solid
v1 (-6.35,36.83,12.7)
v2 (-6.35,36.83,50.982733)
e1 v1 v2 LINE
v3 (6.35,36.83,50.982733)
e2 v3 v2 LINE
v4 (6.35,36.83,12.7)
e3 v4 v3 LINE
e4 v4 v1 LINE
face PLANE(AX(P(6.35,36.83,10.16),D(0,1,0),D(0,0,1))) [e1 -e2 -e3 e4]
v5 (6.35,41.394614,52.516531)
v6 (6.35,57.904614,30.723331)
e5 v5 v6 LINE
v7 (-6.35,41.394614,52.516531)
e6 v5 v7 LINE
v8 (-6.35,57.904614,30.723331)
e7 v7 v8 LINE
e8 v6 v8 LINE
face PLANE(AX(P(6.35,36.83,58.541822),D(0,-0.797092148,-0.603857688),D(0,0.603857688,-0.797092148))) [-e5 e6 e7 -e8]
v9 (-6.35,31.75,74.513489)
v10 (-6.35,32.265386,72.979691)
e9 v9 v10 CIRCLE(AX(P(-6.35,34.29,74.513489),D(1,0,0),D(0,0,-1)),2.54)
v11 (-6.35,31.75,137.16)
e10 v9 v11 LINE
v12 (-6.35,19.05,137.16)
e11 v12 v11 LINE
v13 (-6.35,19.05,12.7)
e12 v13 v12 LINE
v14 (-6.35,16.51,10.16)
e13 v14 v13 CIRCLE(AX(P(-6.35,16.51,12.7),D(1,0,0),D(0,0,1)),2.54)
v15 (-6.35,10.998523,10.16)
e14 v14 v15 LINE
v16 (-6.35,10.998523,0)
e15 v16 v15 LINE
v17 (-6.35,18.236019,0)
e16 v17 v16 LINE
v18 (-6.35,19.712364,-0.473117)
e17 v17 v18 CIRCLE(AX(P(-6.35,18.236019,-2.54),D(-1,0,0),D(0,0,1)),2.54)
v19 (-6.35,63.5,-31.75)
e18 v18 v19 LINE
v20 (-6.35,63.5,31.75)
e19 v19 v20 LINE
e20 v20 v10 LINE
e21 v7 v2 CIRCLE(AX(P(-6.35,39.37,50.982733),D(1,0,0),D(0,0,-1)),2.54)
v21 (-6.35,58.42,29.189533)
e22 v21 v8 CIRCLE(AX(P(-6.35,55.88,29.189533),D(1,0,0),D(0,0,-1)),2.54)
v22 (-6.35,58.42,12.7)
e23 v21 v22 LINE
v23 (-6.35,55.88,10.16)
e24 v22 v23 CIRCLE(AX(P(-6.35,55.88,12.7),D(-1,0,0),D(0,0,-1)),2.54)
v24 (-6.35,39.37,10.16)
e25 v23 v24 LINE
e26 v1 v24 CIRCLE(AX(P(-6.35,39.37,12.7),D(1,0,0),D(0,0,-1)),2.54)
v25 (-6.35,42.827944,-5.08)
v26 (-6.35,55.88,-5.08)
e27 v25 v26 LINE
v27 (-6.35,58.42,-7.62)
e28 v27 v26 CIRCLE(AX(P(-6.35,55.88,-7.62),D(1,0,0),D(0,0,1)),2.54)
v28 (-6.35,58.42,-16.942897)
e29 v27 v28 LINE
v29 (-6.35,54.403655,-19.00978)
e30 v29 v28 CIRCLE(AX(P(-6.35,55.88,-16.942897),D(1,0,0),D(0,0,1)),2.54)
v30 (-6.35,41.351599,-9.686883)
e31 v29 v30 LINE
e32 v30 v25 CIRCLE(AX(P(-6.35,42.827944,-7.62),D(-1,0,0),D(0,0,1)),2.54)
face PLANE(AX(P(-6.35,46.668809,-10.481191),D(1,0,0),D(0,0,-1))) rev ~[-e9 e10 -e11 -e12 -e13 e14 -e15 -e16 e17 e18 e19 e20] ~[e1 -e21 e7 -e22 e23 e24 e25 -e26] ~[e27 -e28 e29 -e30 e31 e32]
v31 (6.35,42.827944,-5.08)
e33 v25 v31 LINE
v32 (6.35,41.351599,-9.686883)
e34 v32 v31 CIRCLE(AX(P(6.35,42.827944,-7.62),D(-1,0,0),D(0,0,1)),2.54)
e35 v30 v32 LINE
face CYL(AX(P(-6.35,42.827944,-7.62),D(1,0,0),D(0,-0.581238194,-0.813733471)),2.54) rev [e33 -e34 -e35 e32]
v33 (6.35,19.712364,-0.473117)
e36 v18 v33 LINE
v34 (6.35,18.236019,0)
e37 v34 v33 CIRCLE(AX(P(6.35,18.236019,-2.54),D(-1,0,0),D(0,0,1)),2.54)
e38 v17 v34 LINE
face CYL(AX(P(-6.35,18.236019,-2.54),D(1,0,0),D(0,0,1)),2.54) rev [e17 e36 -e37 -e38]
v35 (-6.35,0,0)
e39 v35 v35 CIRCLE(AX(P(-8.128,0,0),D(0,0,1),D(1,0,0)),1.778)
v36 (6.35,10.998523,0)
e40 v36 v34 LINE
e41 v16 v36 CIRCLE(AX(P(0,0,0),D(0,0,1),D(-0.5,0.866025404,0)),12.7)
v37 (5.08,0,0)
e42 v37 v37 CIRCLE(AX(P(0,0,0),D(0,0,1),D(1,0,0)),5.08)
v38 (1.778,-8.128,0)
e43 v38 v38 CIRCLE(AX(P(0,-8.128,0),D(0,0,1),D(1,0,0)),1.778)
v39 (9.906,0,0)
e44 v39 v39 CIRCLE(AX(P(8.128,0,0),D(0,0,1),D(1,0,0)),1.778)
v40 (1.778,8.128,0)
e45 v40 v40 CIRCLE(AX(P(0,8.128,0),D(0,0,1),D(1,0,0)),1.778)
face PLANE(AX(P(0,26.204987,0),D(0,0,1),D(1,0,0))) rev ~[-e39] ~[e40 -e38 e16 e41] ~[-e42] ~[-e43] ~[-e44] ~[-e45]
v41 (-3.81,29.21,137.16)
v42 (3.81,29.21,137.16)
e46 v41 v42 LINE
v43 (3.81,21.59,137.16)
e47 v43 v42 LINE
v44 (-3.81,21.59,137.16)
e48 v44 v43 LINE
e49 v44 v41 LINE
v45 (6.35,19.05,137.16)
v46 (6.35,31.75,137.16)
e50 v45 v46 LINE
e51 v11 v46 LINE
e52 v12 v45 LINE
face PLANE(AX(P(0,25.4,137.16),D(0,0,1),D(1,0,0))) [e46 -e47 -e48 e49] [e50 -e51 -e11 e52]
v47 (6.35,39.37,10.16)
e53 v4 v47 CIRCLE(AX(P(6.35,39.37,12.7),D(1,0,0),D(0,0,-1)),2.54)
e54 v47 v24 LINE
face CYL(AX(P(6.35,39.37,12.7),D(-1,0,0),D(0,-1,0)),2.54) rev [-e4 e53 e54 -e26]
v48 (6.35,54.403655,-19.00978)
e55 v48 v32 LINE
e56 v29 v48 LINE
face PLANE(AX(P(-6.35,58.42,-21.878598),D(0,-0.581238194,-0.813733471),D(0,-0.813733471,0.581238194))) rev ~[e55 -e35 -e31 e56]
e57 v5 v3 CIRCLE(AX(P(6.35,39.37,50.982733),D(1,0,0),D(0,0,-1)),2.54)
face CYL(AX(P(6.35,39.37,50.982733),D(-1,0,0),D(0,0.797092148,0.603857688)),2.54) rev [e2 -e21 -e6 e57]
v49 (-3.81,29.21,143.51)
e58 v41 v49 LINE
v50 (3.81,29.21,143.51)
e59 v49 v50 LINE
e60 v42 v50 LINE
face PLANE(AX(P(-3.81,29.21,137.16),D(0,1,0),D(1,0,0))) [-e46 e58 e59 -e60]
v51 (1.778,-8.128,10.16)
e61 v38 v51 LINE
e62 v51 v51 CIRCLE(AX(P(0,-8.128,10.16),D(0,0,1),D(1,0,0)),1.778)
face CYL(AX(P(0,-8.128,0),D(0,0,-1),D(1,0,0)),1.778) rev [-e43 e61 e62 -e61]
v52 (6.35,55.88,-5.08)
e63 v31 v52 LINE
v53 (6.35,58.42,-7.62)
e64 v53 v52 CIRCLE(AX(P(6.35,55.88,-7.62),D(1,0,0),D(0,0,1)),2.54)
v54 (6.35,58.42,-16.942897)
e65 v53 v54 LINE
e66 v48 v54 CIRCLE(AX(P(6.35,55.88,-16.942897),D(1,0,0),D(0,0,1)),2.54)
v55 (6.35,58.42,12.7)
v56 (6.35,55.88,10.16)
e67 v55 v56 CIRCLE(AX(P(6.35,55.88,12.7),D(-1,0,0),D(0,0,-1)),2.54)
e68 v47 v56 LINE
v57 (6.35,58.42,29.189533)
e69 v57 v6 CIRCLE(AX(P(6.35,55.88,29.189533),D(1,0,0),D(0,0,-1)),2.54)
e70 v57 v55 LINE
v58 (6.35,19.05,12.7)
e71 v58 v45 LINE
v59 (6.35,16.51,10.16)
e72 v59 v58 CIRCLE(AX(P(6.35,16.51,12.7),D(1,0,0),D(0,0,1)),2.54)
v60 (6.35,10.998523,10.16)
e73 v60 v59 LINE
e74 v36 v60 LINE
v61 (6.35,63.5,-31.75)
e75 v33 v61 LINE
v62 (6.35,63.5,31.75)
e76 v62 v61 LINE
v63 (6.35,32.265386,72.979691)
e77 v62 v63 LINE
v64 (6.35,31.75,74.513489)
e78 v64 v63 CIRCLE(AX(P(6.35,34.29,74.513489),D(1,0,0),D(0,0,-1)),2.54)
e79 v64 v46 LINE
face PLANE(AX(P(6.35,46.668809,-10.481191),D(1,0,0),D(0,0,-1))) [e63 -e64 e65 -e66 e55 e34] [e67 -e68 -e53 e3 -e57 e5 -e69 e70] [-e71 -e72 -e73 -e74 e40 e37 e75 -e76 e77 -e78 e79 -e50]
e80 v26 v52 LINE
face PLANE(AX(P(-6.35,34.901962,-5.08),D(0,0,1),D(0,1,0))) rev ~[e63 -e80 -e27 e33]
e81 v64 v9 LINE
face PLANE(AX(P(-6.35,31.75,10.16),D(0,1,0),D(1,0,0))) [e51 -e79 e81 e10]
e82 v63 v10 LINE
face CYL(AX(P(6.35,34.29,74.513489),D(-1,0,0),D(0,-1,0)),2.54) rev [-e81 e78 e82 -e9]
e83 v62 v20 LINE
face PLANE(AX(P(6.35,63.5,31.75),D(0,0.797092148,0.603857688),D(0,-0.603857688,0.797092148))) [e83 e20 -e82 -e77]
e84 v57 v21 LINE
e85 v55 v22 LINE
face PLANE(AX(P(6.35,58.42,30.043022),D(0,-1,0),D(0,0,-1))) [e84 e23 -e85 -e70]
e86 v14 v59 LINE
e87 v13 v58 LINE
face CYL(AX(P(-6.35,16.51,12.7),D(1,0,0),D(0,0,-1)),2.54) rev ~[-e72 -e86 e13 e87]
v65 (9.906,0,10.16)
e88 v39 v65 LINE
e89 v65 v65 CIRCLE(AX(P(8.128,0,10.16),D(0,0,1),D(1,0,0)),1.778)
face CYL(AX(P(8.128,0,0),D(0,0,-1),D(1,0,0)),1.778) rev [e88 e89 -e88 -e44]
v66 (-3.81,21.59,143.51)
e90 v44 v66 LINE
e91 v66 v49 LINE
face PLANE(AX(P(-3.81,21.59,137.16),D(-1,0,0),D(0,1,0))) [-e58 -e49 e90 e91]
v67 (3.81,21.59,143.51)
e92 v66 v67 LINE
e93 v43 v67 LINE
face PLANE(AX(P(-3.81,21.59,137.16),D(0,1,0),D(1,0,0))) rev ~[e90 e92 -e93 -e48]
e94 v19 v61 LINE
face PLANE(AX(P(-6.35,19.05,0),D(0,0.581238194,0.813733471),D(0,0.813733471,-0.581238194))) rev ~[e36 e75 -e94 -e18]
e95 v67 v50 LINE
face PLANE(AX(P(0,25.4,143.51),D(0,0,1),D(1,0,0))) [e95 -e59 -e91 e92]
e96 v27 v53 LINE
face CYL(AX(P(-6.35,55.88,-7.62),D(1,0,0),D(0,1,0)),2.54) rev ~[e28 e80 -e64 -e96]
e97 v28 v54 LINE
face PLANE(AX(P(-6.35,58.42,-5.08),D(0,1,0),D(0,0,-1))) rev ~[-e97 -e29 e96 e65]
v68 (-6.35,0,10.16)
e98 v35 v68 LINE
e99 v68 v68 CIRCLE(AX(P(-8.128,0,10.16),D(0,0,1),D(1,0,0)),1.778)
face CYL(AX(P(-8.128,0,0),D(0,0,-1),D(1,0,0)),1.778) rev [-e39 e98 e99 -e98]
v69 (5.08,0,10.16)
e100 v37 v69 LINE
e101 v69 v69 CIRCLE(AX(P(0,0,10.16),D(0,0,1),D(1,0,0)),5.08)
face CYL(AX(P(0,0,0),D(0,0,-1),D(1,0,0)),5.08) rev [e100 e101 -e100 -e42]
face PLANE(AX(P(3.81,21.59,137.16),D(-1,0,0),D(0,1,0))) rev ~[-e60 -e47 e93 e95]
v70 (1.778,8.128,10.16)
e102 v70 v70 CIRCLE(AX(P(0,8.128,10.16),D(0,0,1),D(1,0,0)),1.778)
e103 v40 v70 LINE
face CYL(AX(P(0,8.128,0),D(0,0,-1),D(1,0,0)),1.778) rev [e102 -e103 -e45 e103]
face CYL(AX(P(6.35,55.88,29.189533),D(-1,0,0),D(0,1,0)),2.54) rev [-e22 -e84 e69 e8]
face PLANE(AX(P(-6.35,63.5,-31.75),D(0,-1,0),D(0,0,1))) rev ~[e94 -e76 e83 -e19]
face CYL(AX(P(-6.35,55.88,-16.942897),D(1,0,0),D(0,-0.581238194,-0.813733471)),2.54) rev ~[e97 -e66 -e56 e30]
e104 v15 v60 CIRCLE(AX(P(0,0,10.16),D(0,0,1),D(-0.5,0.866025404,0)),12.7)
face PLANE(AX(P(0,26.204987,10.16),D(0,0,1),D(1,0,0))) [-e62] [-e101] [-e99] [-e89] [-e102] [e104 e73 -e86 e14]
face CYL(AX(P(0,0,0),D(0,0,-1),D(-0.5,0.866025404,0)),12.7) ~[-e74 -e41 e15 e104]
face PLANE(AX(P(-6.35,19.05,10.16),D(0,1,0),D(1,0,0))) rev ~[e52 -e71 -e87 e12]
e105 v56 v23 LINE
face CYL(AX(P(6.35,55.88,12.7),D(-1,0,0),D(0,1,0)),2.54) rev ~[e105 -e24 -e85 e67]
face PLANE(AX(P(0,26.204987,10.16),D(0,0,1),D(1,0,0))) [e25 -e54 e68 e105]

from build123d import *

# Parameters (mm, degrees)
SKETCH1_R           = 5.08
SKETCH1_R_2         = 1.778
BOSS_EXTRUDE1_DEPTH = 10.16
SKETCH3_W           = 12.7
SKETCH3_H           = 12.7
BOSS_EXTRUDE2_DEPTH = 127
SKETCH6_W           = 7.62
SKETCH6_H           = 7.62
BOSS_EXTRUDE3_DEPTH = 6.35
BOSS_EXTRUDE4_START = -12.7
BOSS_EXTRUDE4_DEPTH = 12.7
FILLET2_R           = 2.54
BOSS_EXTRUDE5_START = -12.7
BOSS_EXTRUDE5_DEPTH = 12.7
FILLET3_R           = 2.54


with BuildPart() as part:
    # Sketch1 → Boss-Extrude1 (new body)
    with BuildSketch(Plane.XY):
        with BuildLine():
            Line((-6.35, 12.7), (-6.35, 10.998522628))
            ThreePointArc((-6.35, 10.998522628), (0, -12.7), (6.35, 10.998522628))
            Line((6.35, 10.998522628), (6.35, 12.7))
            Line((6.35, 12.7), (6.35, 63.5))
            Line((6.35, 63.5), (-6.35, 63.5))
            Line((-6.35, 63.5), (-6.35, 12.7))
        make_face()
        Circle(SKETCH1_R, mode=Mode.SUBTRACT)
        with Locations((0, 8.128)):
            Circle(SKETCH1_R_2, mode=Mode.SUBTRACT)
        with Locations((8.128, 0)):
            Circle(SKETCH1_R_2, mode=Mode.SUBTRACT)
        with Locations((0, -8.128)):
            Circle(SKETCH1_R_2, mode=Mode.SUBTRACT)
        with Locations((-8.128, 0)):
            Circle(SKETCH1_R_2, mode=Mode.SUBTRACT)
    extrude(amount=BOSS_EXTRUDE1_DEPTH)

    # Sketch3 → Boss-Extrude2 (add)
    with BuildSketch(Plane.XY.offset(10.16)):
        with Locations((0, 25.4)):
            Rectangle(SKETCH3_W, SKETCH3_H)
    extrude(amount=BOSS_EXTRUDE2_DEPTH)

    # Sketch6 → Boss-Extrude3 (add)
    with BuildSketch(Plane.XY.offset(137.16)):
        with Locations((0, 25.4)):
            Rectangle(SKETCH6_W, SKETCH6_H)
    extrude(amount=BOSS_EXTRUDE3_DEPTH)

    # Sketch5 → Boss-Extrude4 (add)
    with BuildSketch(Plane.ZY.offset(6.35).offset(BOSS_EXTRUDE4_START)):
        Polygon((10.16, 63.5), (31.75, 63.5), (73.66, 31.75), (10.16, 31.75), (10.16, 36.83), (58.541821836, 36.83), (30.043021836, 58.42), (10.16, 58.42), align=None)
    extrude(amount=BOSS_EXTRUDE4_DEPTH)

    # Fillet2
    fillet2_edges = [part.edges().sort_by_distance(p)[0] for p in [
        (0, 31.75, 73.66),
    ]]
    fillet(fillet2_edges, radius=FILLET2_R)

    # Sketch7 → Boss-Extrude5 (add)
    with BuildSketch(Plane(origin=(6.35, 0, 0), x_dir=(0, 0, -1), z_dir=(1, 0, 0)).offset(BOSS_EXTRUDE5_START)):
        Polygon((0, 63.5), (0, 19.05), (31.75, 63.5), align=None)
        Polygon((5.08, 58.42), (21.878598235, 58.42), (5.08, 34.901962471), align=None, mode=Mode.SUBTRACT)
    extrude(amount=BOSS_EXTRUDE5_DEPTH)

    # Fillet3
    fillet3_edges = [part.edges().sort_by_distance(p)[0] for p in [
        (0, 19.05, 0),
        (0, 34.901962471, -5.08),
        (0, 58.42, -5.08),
        (0, 58.42, -21.878598235),
        (0, 19.05, 10.16),
        (0, 58.42, 10.16),
        (0, 58.42, 30.043021836),
        (0, 36.83, 58.541821836),
        (0, 36.83, 10.16),
    ]]
    fillet(fillet3_edges, radius=FILLET3_R)


solid = part.part
